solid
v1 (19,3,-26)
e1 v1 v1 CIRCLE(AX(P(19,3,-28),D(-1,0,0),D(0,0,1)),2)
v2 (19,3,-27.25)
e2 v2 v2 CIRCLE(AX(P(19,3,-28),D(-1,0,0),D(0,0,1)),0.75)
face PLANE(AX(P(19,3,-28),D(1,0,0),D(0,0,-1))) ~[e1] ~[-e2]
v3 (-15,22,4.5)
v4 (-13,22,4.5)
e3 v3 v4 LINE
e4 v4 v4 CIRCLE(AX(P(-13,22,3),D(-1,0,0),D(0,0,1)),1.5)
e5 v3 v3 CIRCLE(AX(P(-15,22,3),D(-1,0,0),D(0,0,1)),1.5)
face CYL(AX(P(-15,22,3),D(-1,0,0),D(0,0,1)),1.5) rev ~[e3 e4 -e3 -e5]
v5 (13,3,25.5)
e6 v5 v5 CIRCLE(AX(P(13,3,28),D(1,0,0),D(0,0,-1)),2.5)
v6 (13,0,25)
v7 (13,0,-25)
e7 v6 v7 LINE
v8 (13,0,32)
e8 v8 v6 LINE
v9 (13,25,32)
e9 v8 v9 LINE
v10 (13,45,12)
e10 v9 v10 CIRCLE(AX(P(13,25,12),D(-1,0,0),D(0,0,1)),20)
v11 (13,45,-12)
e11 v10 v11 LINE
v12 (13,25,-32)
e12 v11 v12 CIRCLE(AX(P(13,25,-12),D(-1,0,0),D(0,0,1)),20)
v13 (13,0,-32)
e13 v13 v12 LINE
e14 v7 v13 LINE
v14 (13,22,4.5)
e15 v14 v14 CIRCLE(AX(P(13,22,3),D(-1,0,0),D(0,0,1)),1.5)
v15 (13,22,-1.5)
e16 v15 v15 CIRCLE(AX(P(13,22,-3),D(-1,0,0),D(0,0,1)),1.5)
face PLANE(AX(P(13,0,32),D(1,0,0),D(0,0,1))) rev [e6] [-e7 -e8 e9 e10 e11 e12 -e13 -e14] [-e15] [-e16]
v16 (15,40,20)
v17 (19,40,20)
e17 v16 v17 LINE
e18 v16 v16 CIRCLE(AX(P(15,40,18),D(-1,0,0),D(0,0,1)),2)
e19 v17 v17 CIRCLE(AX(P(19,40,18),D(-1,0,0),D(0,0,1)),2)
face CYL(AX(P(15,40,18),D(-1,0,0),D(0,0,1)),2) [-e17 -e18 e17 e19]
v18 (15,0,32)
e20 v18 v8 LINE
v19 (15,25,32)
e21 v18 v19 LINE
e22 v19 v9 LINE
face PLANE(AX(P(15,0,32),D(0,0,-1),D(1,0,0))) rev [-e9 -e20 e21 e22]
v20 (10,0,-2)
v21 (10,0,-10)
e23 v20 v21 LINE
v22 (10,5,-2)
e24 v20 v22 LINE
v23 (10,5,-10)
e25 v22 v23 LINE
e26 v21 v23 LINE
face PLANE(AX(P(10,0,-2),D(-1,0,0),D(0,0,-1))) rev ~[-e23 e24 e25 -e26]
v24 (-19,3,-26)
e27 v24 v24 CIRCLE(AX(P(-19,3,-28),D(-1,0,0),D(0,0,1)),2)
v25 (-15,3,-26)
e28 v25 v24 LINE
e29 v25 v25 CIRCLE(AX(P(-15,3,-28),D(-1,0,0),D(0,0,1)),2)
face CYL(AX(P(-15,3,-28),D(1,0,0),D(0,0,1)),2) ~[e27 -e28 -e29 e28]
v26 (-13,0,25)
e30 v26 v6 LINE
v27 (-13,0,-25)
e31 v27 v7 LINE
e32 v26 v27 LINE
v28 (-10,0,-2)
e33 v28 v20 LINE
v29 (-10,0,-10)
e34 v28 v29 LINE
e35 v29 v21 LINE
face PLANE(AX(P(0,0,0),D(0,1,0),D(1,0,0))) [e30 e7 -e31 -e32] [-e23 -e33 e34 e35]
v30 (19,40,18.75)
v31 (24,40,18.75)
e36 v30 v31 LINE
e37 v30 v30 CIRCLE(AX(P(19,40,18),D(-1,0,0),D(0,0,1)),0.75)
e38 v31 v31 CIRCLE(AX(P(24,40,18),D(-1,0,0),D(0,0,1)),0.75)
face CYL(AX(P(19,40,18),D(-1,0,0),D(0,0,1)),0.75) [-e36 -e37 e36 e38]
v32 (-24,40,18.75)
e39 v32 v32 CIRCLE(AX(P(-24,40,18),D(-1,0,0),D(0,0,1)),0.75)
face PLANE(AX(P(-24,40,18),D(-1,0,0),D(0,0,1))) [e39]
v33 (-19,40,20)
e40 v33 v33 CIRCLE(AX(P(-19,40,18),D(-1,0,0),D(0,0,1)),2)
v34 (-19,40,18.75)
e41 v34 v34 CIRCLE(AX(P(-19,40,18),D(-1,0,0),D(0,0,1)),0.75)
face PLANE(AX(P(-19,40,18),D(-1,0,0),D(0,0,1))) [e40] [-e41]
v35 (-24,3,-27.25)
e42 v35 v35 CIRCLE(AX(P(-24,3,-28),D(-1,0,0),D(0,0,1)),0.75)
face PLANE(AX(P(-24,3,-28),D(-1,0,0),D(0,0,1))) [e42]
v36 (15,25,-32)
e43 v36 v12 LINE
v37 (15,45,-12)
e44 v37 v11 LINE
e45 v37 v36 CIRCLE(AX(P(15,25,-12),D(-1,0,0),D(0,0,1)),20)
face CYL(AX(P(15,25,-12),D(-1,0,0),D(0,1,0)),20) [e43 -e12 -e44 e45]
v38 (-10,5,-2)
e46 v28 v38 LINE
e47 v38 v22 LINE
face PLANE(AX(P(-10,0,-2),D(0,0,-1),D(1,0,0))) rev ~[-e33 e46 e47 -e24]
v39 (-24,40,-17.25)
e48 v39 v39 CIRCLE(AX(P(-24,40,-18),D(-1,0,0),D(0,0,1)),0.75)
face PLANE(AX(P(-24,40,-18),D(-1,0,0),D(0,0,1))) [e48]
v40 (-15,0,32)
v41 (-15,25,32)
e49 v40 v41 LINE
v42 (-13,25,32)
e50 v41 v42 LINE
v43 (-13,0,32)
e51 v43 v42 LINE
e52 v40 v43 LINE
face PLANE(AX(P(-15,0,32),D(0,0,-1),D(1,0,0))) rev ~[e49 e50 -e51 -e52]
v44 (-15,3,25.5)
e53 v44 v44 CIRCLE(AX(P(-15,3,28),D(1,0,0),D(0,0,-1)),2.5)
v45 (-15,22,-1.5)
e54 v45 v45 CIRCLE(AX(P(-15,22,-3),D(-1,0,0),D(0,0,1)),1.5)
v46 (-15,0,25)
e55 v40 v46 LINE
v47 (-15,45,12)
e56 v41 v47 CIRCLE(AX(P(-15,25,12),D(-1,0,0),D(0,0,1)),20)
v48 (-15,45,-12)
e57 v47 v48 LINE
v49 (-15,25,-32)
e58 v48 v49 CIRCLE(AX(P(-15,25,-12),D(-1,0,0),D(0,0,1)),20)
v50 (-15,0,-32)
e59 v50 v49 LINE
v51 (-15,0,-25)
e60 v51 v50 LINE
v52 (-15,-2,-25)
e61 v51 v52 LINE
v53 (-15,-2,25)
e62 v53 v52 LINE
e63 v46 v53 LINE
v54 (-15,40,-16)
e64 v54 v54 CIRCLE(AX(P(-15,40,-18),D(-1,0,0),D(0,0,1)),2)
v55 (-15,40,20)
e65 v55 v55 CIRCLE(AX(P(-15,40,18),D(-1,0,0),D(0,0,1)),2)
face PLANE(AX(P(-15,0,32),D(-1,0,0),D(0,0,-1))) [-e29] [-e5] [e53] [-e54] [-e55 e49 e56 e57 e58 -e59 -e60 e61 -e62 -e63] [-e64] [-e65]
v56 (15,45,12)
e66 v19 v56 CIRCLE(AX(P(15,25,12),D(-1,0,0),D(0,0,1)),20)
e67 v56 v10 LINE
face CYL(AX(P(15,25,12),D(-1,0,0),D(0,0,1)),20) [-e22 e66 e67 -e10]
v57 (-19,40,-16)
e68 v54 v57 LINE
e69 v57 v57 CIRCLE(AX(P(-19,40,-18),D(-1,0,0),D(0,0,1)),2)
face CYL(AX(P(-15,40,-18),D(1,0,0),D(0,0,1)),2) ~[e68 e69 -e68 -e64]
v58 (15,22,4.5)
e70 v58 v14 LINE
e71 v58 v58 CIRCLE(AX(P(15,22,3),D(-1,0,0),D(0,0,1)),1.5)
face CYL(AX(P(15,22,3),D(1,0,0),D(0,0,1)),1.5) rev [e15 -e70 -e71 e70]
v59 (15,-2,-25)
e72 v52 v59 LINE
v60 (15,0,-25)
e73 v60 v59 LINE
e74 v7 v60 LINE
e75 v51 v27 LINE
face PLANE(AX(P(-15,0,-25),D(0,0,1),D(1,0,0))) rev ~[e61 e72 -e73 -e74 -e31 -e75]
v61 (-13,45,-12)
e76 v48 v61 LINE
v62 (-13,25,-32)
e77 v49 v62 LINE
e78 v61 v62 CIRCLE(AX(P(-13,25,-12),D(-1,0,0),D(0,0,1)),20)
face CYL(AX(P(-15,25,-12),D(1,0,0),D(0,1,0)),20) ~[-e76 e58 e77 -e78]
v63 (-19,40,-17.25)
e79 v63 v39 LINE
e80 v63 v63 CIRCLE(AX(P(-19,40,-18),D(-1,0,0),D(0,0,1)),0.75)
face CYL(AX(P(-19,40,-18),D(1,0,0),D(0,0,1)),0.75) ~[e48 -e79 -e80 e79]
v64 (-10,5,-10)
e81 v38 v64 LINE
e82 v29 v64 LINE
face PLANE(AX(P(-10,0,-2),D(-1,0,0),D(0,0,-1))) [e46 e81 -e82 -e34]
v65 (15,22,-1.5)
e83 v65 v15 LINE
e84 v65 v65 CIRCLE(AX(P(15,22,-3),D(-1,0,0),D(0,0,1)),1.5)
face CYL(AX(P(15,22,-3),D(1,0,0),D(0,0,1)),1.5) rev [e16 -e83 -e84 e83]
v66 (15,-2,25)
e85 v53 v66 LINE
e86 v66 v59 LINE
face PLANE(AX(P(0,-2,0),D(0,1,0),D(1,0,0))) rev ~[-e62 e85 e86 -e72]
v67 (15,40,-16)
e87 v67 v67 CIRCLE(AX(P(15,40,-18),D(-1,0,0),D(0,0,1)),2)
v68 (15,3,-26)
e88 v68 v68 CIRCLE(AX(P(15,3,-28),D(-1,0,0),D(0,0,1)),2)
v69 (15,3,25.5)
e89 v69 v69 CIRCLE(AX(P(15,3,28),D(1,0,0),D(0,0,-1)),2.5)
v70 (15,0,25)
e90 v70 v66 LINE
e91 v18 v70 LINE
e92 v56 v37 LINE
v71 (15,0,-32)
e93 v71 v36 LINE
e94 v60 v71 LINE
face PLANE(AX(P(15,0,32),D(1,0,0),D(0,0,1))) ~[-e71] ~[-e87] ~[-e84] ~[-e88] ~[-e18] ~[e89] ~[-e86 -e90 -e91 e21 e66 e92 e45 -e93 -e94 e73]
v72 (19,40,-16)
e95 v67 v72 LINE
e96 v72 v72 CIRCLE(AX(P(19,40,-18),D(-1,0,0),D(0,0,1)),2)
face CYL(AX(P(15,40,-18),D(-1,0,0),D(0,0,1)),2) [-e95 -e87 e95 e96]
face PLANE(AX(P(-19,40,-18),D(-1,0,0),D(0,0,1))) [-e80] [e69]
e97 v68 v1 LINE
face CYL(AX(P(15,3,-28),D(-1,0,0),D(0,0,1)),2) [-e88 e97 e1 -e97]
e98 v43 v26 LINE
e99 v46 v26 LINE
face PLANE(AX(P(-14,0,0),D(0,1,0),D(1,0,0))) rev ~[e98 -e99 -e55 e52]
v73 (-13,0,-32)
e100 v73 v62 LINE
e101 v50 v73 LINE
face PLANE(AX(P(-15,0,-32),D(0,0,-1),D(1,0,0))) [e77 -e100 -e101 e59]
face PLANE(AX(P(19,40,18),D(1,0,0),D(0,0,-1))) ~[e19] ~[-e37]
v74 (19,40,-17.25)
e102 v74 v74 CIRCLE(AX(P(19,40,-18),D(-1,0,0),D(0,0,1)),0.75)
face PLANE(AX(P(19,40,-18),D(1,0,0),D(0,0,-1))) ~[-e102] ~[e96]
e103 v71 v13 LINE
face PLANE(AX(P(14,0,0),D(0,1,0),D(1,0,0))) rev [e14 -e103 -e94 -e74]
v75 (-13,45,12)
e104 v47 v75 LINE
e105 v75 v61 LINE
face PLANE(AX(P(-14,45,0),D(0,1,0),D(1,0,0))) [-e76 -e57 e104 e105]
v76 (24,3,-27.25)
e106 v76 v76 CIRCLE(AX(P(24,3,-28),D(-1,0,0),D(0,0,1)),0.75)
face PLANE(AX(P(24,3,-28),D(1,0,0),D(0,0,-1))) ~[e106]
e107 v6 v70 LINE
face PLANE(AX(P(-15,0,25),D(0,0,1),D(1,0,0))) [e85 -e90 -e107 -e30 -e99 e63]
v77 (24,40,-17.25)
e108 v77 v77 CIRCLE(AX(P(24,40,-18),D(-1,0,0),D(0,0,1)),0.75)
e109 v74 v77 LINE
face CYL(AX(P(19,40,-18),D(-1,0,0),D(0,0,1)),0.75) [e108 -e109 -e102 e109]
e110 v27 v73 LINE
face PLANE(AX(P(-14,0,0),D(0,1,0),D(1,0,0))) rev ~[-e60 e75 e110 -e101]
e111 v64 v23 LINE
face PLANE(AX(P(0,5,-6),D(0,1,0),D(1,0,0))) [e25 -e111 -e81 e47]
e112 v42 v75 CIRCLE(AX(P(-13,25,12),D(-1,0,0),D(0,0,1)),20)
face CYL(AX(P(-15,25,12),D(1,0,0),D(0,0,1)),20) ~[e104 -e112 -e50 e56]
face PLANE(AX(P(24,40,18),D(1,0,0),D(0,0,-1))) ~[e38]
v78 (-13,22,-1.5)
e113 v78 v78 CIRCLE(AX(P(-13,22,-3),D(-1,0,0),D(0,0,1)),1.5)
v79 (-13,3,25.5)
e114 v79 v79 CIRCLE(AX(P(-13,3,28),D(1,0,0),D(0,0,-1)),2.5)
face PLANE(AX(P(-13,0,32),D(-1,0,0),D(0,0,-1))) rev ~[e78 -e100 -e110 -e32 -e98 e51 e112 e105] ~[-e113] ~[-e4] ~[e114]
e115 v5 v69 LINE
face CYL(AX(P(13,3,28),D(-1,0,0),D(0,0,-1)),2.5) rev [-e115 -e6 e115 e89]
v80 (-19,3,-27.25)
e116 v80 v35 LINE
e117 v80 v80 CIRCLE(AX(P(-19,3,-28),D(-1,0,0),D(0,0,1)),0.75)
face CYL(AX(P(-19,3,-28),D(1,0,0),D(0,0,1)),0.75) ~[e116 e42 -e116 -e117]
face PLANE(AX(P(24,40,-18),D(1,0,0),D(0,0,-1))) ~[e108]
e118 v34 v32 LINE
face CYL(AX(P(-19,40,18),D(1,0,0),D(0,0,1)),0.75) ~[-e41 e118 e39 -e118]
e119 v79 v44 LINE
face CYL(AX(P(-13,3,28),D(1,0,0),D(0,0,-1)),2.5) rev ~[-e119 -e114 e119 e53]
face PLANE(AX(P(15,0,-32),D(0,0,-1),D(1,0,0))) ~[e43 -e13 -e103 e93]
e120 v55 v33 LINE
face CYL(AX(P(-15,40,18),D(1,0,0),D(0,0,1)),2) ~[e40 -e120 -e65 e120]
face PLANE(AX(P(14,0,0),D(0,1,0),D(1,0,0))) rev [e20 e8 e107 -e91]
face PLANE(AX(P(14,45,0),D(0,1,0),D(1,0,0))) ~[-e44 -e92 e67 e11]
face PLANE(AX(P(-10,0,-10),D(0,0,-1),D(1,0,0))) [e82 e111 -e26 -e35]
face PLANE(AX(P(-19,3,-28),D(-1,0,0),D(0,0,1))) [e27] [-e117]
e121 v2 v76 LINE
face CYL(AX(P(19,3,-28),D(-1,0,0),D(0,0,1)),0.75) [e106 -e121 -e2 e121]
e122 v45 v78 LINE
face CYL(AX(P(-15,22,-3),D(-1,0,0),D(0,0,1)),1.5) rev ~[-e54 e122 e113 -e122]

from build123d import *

# Parameters (mm, degrees)
SKETCH_1_W          = 30
SKETCH_1_H          = 50
EXTRUDE_1_DEPTH     = 2
SKETCH_3_W          = 2
SKETCH_3_H          = 64
EXTRUDE_2_DEPTH     = 45
SKETCH_6_R          = 2.5
CUT_EXTRUDE_1_DEPTH = 3
SKETCH_7_R          = 2
EXTRUDE_4_DEPTH     = 4
SKETCH_8_R          = 0.75
EXTRUDE_5_DEPTH     = 5
FILLET_1_R          = 20
SKETCH_9_R          = 1.5
CUT_EXTRUDE_2_DEPTH = 31
SKETCH_10_W         = 20
SKETCH_10_H         = 8
EXTRUDE_6_DEPTH     = 5


with BuildPart() as part:
    # 草图1 → 凸台-拉伸1 (new body)
    with BuildSketch(Plane(origin=(0, 0, 0), x_dir=(1, 0, 0), z_dir=(0, 1, 0))):
        Rectangle(SKETCH_1_W, SKETCH_1_H)
    extrude(amount=-EXTRUDE_1_DEPTH)

    # 草图3 → 凸台-拉伸2 (add)
    with BuildSketch(Plane(origin=(0, 0, 0), x_dir=(1, 0, 0), z_dir=(0, 1, 0))):
        with Locations((-14, 0)):
            Rectangle(SKETCH_3_W, SKETCH_3_H)
    extrude(amount=EXTRUDE_2_DEPTH)

    # 草图6 → 切除-拉伸1 (cut, through all)
    with BuildSketch(Plane(origin=(-13, 0, 0), x_dir=(0, 0, -1), z_dir=(1, 0, 0))):
        with Locations((-28, 3)):
            Circle(SKETCH_6_R)
    extrude(amount=-CUT_EXTRUDE_1_DEPTH, mode=Mode.SUBTRACT)

    # 草图7 → 凸台-拉伸4 (add)
    with BuildSketch(Plane.ZY.offset(15)):
        with Locations((-18, 40)):
            Circle(SKETCH_7_R)
        with Locations((18, 40)):
            Circle(SKETCH_7_R)
        with Locations((-28, 3)):
            Circle(SKETCH_7_R)
    extrude(amount=EXTRUDE_4_DEPTH)

    # 草图8 → 凸台-拉伸5 (add)
    with BuildSketch(Plane.ZY.offset(19)):
        with Locations((-18, 40)):
            Circle(SKETCH_8_R)
        with Locations((18, 40)):
            Circle(SKETCH_8_R)
        with Locations((-28, 3)):
            Circle(SKETCH_8_R)
    extrude(amount=EXTRUDE_5_DEPTH)

    # 圆角1
    fillet_1_edges = [part.edges().sort_by_distance(p)[0] for p in [
        (-14, 45, 32),
        (-14, 45, -32),
    ]]
    fillet(fillet_1_edges, radius=FILLET_1_R)

    # 草图9 → 切除-拉伸2 (cut, through all)
    with BuildSketch(Plane.ZY.offset(15)):
        with Locations((-3, 22)):
            Circle(SKETCH_9_R)
        with Locations((3, 22)):
            Circle(SKETCH_9_R)
    extrude(amount=-CUT_EXTRUDE_2_DEPTH, mode=Mode.SUBTRACT)

    # 镜向1: part across plane


with BuildPart() as part_1:
    add(part.part)
    add(part.part.mirror(Plane.ZY))

    # 草图10 → 凸台-拉伸6 (add)
    with BuildSketch(Plane(origin=(0, 0, 0), x_dir=(1, 0, 0), z_dir=(0, 1, 0))):
        with Locations((0, 6)):
            Rectangle(SKETCH_10_W, SKETCH_10_H)
    extrude(amount=EXTRUDE_6_DEPTH)


solid = part_1.part
